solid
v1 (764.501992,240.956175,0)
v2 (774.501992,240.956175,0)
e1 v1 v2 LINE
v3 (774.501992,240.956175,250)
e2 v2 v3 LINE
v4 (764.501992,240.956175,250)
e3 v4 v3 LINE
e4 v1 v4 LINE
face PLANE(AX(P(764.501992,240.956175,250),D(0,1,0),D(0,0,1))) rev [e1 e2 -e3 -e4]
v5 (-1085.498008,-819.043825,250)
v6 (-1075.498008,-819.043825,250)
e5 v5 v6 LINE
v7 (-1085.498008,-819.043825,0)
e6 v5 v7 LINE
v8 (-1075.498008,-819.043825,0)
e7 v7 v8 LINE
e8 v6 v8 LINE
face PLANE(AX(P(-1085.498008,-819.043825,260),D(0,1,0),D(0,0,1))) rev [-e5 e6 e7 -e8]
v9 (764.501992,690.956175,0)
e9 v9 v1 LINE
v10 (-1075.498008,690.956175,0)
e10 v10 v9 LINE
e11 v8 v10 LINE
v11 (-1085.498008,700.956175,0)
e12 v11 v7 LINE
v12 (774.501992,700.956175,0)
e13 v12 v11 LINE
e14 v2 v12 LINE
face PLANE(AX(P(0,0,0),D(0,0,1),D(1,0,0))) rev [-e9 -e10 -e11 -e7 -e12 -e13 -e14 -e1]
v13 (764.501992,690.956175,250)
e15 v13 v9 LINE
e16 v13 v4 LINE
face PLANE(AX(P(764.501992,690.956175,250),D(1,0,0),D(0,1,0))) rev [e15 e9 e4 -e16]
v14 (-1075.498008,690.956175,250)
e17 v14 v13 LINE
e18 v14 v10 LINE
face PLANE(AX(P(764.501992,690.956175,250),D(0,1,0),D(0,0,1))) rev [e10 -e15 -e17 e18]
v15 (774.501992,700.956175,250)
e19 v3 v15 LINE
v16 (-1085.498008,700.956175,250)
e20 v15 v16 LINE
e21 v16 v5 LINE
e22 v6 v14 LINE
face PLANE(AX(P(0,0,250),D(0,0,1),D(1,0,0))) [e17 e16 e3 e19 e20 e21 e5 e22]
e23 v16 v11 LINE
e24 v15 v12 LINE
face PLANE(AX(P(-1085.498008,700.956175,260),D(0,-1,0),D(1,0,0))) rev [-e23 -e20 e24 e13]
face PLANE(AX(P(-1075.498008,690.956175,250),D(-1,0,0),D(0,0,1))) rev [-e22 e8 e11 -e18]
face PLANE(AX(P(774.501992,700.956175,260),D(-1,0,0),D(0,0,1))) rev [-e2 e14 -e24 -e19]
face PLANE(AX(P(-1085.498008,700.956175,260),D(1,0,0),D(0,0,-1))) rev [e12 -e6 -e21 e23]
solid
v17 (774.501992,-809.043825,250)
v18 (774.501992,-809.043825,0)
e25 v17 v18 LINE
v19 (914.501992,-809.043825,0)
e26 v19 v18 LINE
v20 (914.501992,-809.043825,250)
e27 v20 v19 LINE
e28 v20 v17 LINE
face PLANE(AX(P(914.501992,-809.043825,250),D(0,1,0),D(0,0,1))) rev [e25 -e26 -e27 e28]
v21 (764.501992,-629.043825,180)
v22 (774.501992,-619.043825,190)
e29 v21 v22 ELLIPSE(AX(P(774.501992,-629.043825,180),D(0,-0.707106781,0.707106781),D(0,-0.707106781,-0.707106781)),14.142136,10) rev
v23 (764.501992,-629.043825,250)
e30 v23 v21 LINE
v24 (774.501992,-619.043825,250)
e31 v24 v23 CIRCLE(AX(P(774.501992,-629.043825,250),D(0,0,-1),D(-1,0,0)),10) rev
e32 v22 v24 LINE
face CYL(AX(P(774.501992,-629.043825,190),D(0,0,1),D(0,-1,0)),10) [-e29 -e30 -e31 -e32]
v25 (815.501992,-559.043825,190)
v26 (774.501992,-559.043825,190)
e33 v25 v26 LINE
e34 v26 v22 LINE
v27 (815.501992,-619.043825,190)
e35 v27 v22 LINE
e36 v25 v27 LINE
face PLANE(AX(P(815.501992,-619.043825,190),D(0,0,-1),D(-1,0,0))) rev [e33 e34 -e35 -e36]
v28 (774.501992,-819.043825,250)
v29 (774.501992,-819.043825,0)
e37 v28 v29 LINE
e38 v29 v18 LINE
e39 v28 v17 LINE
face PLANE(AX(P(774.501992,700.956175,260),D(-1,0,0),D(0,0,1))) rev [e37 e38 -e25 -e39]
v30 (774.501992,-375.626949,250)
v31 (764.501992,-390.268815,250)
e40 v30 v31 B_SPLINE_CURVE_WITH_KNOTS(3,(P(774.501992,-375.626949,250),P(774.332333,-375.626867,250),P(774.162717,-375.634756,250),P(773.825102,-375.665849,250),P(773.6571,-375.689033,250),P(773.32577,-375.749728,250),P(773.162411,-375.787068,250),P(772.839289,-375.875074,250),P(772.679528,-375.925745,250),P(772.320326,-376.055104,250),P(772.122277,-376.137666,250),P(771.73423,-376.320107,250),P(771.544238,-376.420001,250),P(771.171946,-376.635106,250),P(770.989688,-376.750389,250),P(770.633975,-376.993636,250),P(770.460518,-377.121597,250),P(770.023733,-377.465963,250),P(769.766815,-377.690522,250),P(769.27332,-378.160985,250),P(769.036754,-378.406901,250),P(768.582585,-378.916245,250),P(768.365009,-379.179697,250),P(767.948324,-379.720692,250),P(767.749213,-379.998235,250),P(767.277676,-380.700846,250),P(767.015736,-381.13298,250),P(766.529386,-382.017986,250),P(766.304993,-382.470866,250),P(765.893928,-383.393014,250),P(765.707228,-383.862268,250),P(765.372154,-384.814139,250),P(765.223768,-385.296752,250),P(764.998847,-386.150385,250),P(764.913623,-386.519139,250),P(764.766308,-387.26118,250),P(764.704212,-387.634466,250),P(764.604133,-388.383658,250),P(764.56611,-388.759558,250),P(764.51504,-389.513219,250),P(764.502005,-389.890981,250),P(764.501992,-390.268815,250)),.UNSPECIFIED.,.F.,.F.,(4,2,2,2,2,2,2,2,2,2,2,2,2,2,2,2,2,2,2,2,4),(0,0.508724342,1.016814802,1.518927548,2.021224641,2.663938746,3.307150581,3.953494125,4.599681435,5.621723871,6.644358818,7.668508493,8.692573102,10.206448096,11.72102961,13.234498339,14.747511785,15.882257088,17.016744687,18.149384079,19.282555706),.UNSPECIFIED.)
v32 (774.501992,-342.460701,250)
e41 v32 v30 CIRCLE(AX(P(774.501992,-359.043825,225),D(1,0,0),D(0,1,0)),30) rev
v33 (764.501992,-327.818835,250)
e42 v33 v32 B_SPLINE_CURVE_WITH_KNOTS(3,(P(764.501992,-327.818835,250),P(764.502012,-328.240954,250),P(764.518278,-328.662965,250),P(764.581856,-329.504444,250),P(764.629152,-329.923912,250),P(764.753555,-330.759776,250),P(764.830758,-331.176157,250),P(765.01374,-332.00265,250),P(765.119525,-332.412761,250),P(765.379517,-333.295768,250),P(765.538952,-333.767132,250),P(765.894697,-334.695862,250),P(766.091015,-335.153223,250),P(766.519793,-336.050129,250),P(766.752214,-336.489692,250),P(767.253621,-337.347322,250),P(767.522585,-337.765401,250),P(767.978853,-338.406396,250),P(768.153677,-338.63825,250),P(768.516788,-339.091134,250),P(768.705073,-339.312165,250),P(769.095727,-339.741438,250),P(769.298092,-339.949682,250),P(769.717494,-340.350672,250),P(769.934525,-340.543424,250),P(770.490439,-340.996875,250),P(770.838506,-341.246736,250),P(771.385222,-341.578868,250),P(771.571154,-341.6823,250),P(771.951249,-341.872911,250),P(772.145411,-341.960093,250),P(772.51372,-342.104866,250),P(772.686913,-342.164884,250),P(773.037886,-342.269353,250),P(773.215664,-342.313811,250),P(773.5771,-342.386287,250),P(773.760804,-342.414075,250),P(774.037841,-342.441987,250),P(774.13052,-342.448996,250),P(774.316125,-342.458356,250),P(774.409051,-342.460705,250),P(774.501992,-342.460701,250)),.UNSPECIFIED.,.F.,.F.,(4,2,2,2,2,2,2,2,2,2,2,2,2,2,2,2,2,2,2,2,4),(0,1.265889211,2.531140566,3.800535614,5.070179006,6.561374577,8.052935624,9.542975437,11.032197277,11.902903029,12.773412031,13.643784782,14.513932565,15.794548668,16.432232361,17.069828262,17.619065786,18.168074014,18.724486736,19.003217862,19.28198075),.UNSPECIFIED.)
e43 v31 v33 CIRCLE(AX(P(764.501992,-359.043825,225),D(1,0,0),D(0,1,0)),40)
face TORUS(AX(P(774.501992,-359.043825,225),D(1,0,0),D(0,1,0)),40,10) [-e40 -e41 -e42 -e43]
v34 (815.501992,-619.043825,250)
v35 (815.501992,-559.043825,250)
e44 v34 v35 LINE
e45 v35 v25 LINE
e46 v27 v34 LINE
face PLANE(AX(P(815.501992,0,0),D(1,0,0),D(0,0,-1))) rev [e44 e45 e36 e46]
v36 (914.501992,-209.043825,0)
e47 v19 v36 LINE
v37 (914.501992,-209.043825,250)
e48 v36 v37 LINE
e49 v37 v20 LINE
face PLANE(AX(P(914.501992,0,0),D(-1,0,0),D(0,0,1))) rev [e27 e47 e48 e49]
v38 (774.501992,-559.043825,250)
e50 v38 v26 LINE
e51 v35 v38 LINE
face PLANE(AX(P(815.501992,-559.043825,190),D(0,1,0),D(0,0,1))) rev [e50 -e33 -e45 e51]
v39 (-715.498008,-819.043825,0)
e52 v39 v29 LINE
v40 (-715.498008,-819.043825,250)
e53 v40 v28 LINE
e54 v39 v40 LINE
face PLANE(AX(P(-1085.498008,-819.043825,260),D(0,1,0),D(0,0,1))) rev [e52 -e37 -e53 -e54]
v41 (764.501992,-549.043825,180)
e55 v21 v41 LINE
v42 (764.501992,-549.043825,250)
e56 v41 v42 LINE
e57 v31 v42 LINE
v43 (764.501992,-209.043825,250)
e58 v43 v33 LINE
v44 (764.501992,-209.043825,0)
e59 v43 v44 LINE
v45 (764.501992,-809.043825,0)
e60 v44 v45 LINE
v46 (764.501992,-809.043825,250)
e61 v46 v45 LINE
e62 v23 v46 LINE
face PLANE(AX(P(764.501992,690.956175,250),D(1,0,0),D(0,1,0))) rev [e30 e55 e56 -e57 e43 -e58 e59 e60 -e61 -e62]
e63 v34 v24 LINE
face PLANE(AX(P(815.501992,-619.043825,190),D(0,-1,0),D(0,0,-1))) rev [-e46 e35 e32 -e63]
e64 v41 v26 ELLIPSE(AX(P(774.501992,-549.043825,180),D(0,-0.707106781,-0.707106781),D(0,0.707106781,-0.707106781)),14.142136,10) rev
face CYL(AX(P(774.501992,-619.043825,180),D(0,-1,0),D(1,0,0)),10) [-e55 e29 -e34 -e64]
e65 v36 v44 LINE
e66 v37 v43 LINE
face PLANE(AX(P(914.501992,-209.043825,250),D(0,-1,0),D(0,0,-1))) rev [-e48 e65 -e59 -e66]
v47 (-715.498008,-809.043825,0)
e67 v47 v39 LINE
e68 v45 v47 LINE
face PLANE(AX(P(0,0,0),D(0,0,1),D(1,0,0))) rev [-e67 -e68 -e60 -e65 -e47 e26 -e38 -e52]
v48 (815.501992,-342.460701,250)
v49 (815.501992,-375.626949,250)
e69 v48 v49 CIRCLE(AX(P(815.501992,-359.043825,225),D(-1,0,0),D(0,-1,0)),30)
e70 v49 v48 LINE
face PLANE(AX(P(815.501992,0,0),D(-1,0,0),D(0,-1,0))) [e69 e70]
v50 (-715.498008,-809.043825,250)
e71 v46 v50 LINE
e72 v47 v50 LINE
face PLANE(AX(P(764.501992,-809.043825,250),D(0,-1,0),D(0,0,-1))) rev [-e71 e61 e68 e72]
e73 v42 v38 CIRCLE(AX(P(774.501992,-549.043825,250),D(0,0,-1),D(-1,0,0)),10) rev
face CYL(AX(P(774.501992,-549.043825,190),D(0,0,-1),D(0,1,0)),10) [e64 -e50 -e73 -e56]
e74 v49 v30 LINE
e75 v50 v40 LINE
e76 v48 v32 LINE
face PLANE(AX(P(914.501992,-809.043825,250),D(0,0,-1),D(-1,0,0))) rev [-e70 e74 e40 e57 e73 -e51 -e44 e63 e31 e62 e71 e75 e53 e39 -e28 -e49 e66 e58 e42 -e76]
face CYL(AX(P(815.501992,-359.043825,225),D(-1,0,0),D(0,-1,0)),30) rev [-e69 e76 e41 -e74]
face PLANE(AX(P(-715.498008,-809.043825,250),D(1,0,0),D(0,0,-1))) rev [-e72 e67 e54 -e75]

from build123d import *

# Parameters (mm, degrees)
SKETCH2_W           = 1860
SKETCH2_H           = 1520
BOSS_EXTRUDE1_DEPTH = 260
SKETCH3_W           = 1840
SKETCH3_H           = 1500
CUT_EXTRUDE1_DEPTH  = 250
SKETCH5_W           = 250
SKETCH5_H           = 600
BOSS_EXTRUDE2_DEPTH = 140
CUT_EXTRUDE2_DEPTH  = 51
SKETCH7_W           = 60
SKETCH7_H           = 60
CUT_EXTRUDE3_DEPTH  = 51
FILLET1_R           = 10
SKETCH8_W           = 360
SKETCH8_H           = 250
CUT_EXTRUDE4_DEPTH  = 10
SKETCH9_W           = 250
SKETCH9_H           = 450
CUT_EXTRUDE5_DEPTH  = 10
SKETCH10_W          = 1860
SKETCH10_H          = 1520
CUT_EXTRUDE6_DEPTH  = 10


with BuildPart() as part:
    # Sketch2 → Boss-Extrude1 (new body)
    with BuildSketch(Plane.XY):
        with Locations((-155.498007968, -59.043824701)):
            Rectangle(SKETCH2_W, SKETCH2_H)
    extrude(amount=BOSS_EXTRUDE1_DEPTH)

    # Sketch3 → Cut-Extrude1 (cut)
    with BuildSketch(Plane(origin=(0, 0, 0), x_dir=(-1, 0, 0), z_dir=(0, 0, -1))):
        with Locations((155.498007968, -59.043824701)):
            Rectangle(SKETCH3_W, SKETCH3_H)
    extrude(amount=-CUT_EXTRUDE1_DEPTH, mode=Mode.SUBTRACT)

    # Sketch5 → Boss-Extrude2 (add)
    with BuildSketch(Plane(origin=(774.501992032, 0, 0), x_dir=(0, 0, -1), z_dir=(1, 0, 0))):
        with Locations((-125, -509.043824701)):
            Rectangle(SKETCH5_W, SKETCH5_H)
    extrude(amount=BOSS_EXTRUDE2_DEPTH)

    # Sketch6 → Cut-Extrude2 (cut)
    with BuildSketch(Plane.ZY.offset(-764.501992032)):
        with BuildLine():
            ThreePointArc((250, -342.460700749), (195, -359.043824701), (250, -375.626948653))
            Line((250, -375.626948653), (250, -342.460700749))
        make_face()
    extrude(amount=-CUT_EXTRUDE2_DEPTH, mode=Mode.SUBTRACT)

    # Sketch7 → Cut-Extrude3 (cut)
    with BuildSketch(Plane.ZY.offset(-764.501992032)):
        with Locations((220, -589.043824701)):
            Rectangle(SKETCH7_W, SKETCH7_H)
    extrude(amount=-CUT_EXTRUDE3_DEPTH, mode=Mode.SUBTRACT)

    # Fillet1
    fillet1_edges = [part.edges().sort_by_distance(p)[0] for p in [
        (764.501992032, -559.043824701, 220),
        (764.501992032, -589.043824701, 190),
        (764.501992032, -619.043824701, 220),
        (764.501992032, -359.043824701, 195),
    ]]
    fillet(fillet1_edges, radius=FILLET1_R)

    # Sketch8 → Cut-Extrude4 (cut)
    with BuildSketch(Plane.XZ.offset(819.043824701)):
        with Locations((-895.498007968, 125)):
            Rectangle(SKETCH8_W, SKETCH8_H)
    extrude(amount=-CUT_EXTRUDE4_DEPTH, mode=Mode.SUBTRACT)

    # Sketch9 → Cut-Extrude5 (cut)
    with BuildSketch(Plane(origin=(774.501992032, 0, 0), x_dir=(0, 0, -1), z_dir=(1, 0, 0))):
        with Locations((-125, 15.956175299)):
            Rectangle(SKETCH9_W, SKETCH9_H)
    extrude(amount=-CUT_EXTRUDE5_DEPTH, mode=Mode.SUBTRACT)

    # Sketch10 → Cut-Extrude6 (cut)
    with BuildSketch(Plane.XY.offset(260)):
        with Locations((-155.498007968, -59.043824701)):
            Rectangle(SKETCH10_W, SKETCH10_H)
    extrude(amount=-CUT_EXTRUDE6_DEPTH, mode=Mode.SUBTRACT)


with BuildPart() as cut_extrude6_piece_1:
    # of the separate pieces the step leaves, piece 1, a body of its own (cut_extrude6_pieces)
    add(part.part.solids().sort_by_distance((764.501992032, -327.818834709, 250))[0])


with BuildPart() as cut_extrude6_piece_2:
    # of the separate pieces the step leaves, piece 2, a body of its own (cut_extrude6_pieces)
    add(part.part.solids().sort_by_distance((774.501992032, 240.956175299, 0))[0])


solid = Compound([cut_extrude6_piece_1.part, cut_extrude6_piece_2.part])
